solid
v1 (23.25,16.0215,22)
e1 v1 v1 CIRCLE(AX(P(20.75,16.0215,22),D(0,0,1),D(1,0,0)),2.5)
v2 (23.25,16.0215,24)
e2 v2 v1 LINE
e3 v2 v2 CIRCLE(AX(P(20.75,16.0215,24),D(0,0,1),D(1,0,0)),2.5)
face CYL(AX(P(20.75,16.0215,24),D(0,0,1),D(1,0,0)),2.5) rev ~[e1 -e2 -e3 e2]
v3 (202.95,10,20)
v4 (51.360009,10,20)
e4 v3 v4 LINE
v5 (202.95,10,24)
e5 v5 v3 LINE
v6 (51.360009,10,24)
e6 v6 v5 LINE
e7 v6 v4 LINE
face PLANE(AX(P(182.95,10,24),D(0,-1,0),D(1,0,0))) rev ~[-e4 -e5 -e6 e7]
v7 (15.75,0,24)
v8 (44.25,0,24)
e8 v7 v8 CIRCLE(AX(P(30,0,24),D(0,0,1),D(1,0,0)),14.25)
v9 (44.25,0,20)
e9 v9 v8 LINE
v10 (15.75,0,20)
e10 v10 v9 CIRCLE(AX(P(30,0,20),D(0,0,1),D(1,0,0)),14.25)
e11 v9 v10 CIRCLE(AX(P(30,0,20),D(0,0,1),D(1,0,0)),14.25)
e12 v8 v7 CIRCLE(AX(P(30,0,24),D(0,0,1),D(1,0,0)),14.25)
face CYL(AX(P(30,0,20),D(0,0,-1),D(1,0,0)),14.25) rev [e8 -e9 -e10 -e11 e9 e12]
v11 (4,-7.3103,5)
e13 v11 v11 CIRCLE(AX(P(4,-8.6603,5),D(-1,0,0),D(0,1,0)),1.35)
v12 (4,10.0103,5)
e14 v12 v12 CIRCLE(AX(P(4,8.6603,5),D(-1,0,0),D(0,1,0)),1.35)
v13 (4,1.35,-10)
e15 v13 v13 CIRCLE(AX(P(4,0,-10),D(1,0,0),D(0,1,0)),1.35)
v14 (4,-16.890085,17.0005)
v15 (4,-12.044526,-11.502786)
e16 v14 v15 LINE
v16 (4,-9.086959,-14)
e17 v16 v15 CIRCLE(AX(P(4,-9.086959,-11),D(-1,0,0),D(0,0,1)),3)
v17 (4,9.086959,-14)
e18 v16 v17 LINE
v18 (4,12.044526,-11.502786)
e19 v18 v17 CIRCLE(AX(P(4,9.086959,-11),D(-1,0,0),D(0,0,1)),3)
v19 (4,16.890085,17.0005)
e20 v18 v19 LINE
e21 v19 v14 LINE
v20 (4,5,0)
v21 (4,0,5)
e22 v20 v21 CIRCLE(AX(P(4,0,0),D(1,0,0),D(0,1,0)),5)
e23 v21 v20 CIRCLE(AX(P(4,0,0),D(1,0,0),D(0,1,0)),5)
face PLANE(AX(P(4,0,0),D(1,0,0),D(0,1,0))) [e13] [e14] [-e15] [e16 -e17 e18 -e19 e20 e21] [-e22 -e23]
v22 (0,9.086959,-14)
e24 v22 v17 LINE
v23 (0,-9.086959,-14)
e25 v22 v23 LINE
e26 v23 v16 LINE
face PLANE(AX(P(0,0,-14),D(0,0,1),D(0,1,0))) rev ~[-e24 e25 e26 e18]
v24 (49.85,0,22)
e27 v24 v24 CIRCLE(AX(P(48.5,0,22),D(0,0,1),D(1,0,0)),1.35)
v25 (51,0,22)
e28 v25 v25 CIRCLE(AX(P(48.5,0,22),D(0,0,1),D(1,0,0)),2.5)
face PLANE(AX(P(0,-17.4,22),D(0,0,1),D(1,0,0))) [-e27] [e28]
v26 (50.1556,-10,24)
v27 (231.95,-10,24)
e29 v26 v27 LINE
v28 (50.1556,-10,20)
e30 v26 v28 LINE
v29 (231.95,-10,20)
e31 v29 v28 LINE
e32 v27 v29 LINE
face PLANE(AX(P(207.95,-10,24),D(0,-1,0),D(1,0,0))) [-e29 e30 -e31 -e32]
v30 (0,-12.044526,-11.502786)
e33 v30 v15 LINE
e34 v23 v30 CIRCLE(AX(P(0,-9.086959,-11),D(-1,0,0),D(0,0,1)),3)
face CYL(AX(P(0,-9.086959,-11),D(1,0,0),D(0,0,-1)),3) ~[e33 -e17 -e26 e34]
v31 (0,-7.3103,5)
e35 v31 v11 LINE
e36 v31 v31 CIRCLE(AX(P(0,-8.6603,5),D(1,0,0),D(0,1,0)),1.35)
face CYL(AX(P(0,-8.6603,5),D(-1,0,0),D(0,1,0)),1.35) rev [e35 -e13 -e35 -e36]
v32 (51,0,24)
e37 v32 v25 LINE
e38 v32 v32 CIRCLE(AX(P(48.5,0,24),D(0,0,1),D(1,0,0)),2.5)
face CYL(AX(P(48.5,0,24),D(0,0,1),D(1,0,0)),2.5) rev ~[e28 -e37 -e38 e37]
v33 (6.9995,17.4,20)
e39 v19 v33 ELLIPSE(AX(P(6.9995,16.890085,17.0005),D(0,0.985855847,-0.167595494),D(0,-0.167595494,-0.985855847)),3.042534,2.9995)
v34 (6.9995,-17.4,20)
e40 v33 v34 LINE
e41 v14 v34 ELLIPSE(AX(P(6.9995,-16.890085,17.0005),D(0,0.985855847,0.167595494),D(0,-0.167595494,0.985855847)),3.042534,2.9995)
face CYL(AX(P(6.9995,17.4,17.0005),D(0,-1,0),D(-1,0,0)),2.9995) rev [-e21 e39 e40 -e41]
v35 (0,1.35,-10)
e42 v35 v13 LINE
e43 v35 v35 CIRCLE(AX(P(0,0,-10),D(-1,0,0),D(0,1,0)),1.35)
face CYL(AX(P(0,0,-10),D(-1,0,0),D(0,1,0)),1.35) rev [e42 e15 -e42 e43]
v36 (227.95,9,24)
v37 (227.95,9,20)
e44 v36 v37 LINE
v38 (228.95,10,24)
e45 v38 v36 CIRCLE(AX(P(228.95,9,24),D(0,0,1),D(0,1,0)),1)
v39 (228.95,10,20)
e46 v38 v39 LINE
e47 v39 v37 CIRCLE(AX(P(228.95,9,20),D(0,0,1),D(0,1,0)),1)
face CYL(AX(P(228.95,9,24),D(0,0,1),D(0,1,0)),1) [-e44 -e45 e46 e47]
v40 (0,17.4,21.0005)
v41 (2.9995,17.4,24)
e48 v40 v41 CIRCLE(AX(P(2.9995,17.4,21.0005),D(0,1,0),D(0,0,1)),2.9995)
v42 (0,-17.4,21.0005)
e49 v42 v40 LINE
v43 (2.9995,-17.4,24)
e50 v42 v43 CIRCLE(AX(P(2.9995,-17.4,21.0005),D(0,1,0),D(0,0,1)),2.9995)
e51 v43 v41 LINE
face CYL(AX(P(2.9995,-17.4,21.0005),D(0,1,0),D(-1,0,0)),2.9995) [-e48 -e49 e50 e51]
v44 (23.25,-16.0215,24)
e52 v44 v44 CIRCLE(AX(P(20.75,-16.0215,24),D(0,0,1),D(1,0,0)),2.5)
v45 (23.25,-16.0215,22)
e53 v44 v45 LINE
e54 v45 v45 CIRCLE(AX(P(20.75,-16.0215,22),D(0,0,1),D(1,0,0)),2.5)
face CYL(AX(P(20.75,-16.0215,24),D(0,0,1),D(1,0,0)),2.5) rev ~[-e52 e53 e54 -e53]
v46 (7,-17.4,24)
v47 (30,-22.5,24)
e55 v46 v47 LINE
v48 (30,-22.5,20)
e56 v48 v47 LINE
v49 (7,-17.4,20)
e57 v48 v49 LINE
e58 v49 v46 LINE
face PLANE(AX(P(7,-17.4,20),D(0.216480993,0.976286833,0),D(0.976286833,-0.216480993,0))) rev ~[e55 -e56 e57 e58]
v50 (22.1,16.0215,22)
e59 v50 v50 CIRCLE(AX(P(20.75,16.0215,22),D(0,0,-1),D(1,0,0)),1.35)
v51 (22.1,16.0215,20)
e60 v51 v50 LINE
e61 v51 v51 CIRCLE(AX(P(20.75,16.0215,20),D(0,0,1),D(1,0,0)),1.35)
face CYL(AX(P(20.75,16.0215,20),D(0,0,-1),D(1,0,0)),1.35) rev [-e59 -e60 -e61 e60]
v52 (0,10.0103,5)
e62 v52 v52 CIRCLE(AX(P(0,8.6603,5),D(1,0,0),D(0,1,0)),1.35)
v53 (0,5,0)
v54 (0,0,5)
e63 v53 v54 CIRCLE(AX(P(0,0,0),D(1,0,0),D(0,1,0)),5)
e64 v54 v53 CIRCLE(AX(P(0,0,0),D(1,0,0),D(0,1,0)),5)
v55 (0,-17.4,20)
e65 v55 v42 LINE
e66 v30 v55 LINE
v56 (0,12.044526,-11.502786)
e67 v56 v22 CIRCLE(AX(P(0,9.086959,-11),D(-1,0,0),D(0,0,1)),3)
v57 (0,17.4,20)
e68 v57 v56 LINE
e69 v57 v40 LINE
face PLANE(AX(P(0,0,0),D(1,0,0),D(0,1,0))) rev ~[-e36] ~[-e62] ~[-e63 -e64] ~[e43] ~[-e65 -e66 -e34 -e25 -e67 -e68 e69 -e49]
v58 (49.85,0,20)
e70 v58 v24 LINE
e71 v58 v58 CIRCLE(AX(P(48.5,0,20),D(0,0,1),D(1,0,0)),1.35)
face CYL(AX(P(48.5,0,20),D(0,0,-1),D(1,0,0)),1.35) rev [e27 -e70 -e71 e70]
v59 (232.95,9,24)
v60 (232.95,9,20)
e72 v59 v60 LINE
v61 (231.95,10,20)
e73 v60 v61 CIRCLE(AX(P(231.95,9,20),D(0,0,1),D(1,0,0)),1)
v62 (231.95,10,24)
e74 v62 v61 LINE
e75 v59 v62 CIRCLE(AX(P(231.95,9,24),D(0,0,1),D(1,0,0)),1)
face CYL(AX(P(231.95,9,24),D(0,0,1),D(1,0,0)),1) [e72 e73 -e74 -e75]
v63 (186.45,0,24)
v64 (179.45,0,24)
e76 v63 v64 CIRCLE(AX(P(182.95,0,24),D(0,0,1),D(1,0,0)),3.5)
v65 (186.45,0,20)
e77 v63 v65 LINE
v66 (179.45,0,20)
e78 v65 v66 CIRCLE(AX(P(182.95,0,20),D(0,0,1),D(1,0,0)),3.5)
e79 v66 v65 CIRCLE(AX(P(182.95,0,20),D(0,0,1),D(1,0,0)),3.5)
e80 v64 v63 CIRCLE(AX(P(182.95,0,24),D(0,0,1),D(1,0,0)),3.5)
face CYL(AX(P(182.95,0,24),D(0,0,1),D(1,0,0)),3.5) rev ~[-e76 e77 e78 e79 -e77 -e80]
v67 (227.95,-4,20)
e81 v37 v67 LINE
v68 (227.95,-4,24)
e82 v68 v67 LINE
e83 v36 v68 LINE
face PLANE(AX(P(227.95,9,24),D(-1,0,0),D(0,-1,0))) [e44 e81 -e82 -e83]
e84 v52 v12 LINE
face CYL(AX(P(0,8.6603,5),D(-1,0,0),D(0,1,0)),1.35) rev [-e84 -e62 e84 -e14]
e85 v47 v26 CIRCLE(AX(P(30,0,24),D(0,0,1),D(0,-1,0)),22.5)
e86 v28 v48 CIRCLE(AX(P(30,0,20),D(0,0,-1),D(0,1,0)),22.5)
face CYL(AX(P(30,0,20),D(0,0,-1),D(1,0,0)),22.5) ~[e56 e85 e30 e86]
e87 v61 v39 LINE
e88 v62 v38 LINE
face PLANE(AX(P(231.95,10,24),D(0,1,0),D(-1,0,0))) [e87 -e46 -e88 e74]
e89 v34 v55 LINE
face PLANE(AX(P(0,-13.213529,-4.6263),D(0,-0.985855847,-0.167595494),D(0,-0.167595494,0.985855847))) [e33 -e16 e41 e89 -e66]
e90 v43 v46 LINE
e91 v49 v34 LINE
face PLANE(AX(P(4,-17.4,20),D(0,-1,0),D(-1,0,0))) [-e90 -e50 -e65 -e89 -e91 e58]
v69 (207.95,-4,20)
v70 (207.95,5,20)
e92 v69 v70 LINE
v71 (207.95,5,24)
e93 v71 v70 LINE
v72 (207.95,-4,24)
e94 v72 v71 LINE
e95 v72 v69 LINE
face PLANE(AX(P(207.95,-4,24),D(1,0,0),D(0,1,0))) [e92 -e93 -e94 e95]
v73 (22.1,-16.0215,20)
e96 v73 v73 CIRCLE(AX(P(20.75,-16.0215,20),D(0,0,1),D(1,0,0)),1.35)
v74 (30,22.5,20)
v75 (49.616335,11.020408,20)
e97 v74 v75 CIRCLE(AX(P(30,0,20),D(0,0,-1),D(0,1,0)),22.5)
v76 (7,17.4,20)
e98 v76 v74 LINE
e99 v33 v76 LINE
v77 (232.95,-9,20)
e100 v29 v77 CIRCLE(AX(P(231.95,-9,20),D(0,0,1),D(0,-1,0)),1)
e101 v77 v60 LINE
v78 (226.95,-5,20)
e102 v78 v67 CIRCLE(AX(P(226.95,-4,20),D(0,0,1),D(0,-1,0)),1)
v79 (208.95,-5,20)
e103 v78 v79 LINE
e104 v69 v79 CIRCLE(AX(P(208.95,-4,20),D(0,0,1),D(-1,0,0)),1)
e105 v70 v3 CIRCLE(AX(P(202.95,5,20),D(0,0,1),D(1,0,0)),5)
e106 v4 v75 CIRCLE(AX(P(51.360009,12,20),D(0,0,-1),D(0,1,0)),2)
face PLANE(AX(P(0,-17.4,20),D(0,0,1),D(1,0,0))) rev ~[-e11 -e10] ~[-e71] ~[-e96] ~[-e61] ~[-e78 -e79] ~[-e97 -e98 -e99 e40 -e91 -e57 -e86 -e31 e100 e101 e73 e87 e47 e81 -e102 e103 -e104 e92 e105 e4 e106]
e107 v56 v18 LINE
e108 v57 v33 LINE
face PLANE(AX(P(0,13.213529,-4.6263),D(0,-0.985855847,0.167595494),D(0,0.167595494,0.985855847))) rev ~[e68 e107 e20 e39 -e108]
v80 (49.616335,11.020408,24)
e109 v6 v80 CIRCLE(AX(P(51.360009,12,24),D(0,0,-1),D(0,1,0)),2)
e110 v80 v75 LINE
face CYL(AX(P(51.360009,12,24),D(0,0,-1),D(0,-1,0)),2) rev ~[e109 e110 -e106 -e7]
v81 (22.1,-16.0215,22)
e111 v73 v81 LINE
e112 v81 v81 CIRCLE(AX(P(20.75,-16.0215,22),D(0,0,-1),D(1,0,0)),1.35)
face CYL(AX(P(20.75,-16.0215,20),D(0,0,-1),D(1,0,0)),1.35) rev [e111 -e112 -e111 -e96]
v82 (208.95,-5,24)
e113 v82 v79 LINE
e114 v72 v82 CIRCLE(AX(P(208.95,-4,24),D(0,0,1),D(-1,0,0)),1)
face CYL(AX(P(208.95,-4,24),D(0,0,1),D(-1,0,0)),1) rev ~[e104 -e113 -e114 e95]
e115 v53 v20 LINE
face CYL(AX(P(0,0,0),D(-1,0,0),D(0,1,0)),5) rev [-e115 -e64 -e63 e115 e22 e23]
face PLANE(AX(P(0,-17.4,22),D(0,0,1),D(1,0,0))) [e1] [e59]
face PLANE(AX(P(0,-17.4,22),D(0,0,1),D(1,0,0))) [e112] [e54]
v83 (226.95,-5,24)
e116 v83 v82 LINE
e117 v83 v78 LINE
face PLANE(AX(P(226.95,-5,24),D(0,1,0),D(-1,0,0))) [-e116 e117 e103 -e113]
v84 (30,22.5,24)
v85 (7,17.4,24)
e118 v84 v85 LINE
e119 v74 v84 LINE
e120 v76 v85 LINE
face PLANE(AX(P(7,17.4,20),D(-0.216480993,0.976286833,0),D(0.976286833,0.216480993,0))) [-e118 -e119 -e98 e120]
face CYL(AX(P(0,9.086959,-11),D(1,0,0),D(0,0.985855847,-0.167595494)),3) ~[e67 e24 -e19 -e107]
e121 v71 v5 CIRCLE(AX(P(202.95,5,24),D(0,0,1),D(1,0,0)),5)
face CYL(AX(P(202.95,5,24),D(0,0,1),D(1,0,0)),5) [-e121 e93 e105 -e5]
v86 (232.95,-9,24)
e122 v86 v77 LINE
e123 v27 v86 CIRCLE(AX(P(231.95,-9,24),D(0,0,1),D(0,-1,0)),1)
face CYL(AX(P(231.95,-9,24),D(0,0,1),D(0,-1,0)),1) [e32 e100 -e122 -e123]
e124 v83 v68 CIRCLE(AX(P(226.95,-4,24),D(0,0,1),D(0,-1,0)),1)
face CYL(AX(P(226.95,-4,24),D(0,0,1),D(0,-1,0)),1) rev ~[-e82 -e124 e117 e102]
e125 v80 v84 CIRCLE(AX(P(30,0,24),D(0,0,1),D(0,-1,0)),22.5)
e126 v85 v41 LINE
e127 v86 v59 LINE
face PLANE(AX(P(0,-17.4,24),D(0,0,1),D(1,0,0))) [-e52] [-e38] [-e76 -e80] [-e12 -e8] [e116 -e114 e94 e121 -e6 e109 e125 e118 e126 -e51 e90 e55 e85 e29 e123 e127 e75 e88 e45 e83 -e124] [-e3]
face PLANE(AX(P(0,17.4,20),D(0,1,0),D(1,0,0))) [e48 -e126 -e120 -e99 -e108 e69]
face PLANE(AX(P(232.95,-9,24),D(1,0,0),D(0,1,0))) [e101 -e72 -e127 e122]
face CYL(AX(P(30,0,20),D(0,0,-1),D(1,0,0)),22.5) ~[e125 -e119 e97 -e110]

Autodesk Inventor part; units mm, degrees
ref_plane "YZ Plane" through (0, 0, 0) normal (1, 0, 0) x (0, 1, 0)
ref_plane "XZ Plane" through (0, 0, 0) normal (0, 1, 0) x (-1, 0, 0)
ref_plane "XY Plane" through (0, 0, 0) normal (0, 0, 1) x (1, 0, 0)
sketch "スケッチ1" plane through (0, 0, 0) normal (1, 0, 0) x (0, 1, 0)
  circle A0 centre (0, 0) radius 10
  circle A1 centre (0, -10) radius 1.35
  circle A2 centre (8.6603, 5) radius 1.35
  circle A3 centre (-8.6603, 5) radius 1.35
  circle A4 centre (0, 0) radius 5
  line L0 (0, 0) -> (0, 50)
  circle A5 centre (0, 50) radius 22.5
  circle A6 centre (0, 0) radius 14
  line L1 (-14, 0) -> (-22.5, 50)
  line L2 (14, 0) -> (22.5, 50)
  line L3 (0, -14) -> (-11.62, -14)
  line L4 (-11.62, -14) -> (-14, 0)
  line L5 (0, -14) -> (11.62, -14)
  line L6 (11.62, -14) -> (14, 0)
  line L7 (0, 20) -> (-17.4, 20)
  line L8 (0, 20) -> (17.4, 20)
  dimension "d0" = 20
  dimension "d1" = 2.7
  dimension "d4" = 360
  dimension "d6" = 10
  dimension "d7" = 50
  dimension "d8" = 45
  dimension "d9" = 28
extrude "押し出し1" add sketch "スケッチ1" along normal blind 4 contours A0 A1 A3 A2 | A6 L6 L4 | A6 L1 L7 L0 | L0 L8 L2 A6 | L6 L5 A6 | A6 L3 L4
sketch "スケッチ2" plane through (0, -17.4, 20) normal (0, 0, 1) x (1, 0, 0)
  line L0 (0, 17.4) -> (30, 17.4)
  circle A0 centre (30, 17.4) radius 22.5
  circle A1 centre (30, 17.4) radius 18.5
  circle A2 centre (30, 17.4) radius 14.25
  circle A3 centre (48.5, 17.4) radius 1.35
  circle A4 centre (20.75, 33.4215) radius 1.35
  circle A5 centre (20.75, 1.3785) radius 1.35
  line L1 (0, 29.02) -> (0, 34.8) projected
  line L2 (0, 0) -> (0, 5.78) projected
  line L3 (0, 34.8) -> (0, 0)
  line L4 (4, 29.02) -> (4, 34.8) projected
  line L5 (4, 34.8) -> (7, 34.8)
  line L6 (7, 34.8) -> (30, 39.9)
  line L7 (4, 0) -> (4, 5.78) projected
  line L8 (4, 0) -> (7, 0)
  line L9 (7, 0) -> (30, -5.1)
  line L10 (4, 0) -> (0, 0)
  line L11 (0, 34.8) -> (4, 34.8) projected
  line L12 (0, 0) -> (0, 34.8)
  line L13 (0, 34.8) -> (4, 34.8)
  dimension "d14" = 37
  dimension "d12" = 30
  dimension "d13" = 45
  dimension "d15" = 28.5
  dimension "d16" = 2.7
  dimension "d19" = 360
  dimension "d21" = 3
  dimension "d22" = 3
extrude "押し出し2" add sketch "スケッチ2" along normal blind 4 contours L3 L1 L11 L5 L6 A0 L0 | L0 A0 L9 L8 L10 L2 L3 | A1 A4 A3 A5 | A0 L6 L9
fillet "フィレット1" radius 3 2 edges at (4, 0, 20) (0, 0, 24)
fillet "フィレット2" radius 3 2 edges at (2, -11.62, -14) (2, 11.62, -14)
sketch "スケッチ7" plane through (0, -17.4, 24) normal (0, 0, 1) x (1, 0, 0)
  circle A0 centre (30, 17.4) radius 14.25 projected
  line L0 (30, 17.4) -> (182.95, 17.4)
  line L1 (30, 17.4) -> (182.95, 17.4) construction
  circle A1 centre (182.95, 17.4) radius 3.5
  circle A2 centre (182.95, 17.4) radius 10
  line L2 (182.95, 27.4) -> (50.1556, 27.4)
  arc A3 (30, -5.1) -> (30, 39.9) centre (30, 17.4) ccw projected
  line L3 (182.95, 27.4) -> (315.7444, 27.4) construction
  line L4 (182.95, 7.4) -> (50.1556, 7.4)
  point P0 (0, 17.4)
  dimension "d55" = 152.95
  dimension "d56" = 0
  dimension "d57" = 7
  dimension "d58" = 20
  dimension "d59" = 180
extrude "押し出し7" add sketch "スケッチ7" against normal blind 4 contours A3 L2 A2 L0 | L0 A2 L4 A3 | A2
sketch "スケッチ8" plane through (0, -17.4, 24) normal (0, 0, 1) x (1, 0, 0)
  circle A0 centre (20.75, 33.4215) radius 1.35 projected
  circle A1 centre (20.75, 33.4215) radius 2.5
  circle A2 centre (48.5, 17.4) radius 1.35 projected
  circle A3 centre (48.5, 17.4) radius 2.5
  circle A4 centre (20.75, 1.3785) radius 1.35 projected
  circle A5 centre (20.75, 1.3785) radius 2.5
  point P0 (0, 17.4)
  dimension "d63" = 5
  dimension "d64" = 5
  dimension "d65" = 5
extrude "押し出し8" cut sketch "スケッチ8" against normal blind 2 contours A0 | A1 | A3 | A4 | A5
fillet "フィレット4" radius 2 1 edges at (50.1556, 10, 22)
sketch "スケッチ11" plane through (0, -17.4, 24) normal (0, 0, 1) x (1, 0, 0)
  line L0 (51.36, 27.4) -> (182.95, 27.4) projected
  line L1 (182.95, 27.4) -> (202.95, 27.4)
  arc A0 (182.95, 7.4) -> (182.95, 27.4) centre (182.95, 17.4) ccw projected
  line L2 (182.95, 7.4) -> (207.95, 7.4)
  line L3 (207.95, 13.4) -> (207.95, 22.4)
  line L4 (207.95, 7.4) -> (231.95, 7.4)
  line L5 (232.95, 8.4) -> (232.95, 26.4)
  line L6 (231.95, 27.4) -> (228.95, 27.4)
  line L7 (227.95, 26.4) -> (227.95, 13.4)
  line L8 (226.95, 12.4) -> (208.95, 12.4)
  arc A1 (232.95, 26.4) -> (231.95, 27.4) centre (231.95, 26.4) ccw
  arc A2 (228.95, 27.4) -> (227.95, 26.4) centre (228.95, 26.4) ccw
  arc A3 (231.95, 7.4) -> (232.95, 8.4) centre (231.95, 8.4) ccw
  arc A4 (226.95, 12.4) -> (227.95, 13.4) centre (226.95, 13.4) ccw
  arc A5 (207.95, 13.4) -> (208.95, 12.4) centre (208.95, 13.4) ccw
  arc A6 (207.95, 22.4) -> (202.95, 27.4) centre (202.95, 22.4) ccw
  point P0 (0, 17.4)
  point P1 (207.95, 27.4)
  point P2 (232.95, 7.4)
  point P3 (232.95, 27.4)
  point P4 (227.95, 27.4)
  point P5 (227.95, 12.4)
  dimension "d83" = 25
  dimension "d84" = 25
  dimension "d85" = 20
  dimension "d86" = 5
  dimension "d87" = 15
  dimension "d88" = 1
  dimension "d89" = 5
extrude "押し出し11" add sketch "スケッチ11" against normal blind 4
properties part number "motor_holder_8-3" material "ABS プラスチック"
